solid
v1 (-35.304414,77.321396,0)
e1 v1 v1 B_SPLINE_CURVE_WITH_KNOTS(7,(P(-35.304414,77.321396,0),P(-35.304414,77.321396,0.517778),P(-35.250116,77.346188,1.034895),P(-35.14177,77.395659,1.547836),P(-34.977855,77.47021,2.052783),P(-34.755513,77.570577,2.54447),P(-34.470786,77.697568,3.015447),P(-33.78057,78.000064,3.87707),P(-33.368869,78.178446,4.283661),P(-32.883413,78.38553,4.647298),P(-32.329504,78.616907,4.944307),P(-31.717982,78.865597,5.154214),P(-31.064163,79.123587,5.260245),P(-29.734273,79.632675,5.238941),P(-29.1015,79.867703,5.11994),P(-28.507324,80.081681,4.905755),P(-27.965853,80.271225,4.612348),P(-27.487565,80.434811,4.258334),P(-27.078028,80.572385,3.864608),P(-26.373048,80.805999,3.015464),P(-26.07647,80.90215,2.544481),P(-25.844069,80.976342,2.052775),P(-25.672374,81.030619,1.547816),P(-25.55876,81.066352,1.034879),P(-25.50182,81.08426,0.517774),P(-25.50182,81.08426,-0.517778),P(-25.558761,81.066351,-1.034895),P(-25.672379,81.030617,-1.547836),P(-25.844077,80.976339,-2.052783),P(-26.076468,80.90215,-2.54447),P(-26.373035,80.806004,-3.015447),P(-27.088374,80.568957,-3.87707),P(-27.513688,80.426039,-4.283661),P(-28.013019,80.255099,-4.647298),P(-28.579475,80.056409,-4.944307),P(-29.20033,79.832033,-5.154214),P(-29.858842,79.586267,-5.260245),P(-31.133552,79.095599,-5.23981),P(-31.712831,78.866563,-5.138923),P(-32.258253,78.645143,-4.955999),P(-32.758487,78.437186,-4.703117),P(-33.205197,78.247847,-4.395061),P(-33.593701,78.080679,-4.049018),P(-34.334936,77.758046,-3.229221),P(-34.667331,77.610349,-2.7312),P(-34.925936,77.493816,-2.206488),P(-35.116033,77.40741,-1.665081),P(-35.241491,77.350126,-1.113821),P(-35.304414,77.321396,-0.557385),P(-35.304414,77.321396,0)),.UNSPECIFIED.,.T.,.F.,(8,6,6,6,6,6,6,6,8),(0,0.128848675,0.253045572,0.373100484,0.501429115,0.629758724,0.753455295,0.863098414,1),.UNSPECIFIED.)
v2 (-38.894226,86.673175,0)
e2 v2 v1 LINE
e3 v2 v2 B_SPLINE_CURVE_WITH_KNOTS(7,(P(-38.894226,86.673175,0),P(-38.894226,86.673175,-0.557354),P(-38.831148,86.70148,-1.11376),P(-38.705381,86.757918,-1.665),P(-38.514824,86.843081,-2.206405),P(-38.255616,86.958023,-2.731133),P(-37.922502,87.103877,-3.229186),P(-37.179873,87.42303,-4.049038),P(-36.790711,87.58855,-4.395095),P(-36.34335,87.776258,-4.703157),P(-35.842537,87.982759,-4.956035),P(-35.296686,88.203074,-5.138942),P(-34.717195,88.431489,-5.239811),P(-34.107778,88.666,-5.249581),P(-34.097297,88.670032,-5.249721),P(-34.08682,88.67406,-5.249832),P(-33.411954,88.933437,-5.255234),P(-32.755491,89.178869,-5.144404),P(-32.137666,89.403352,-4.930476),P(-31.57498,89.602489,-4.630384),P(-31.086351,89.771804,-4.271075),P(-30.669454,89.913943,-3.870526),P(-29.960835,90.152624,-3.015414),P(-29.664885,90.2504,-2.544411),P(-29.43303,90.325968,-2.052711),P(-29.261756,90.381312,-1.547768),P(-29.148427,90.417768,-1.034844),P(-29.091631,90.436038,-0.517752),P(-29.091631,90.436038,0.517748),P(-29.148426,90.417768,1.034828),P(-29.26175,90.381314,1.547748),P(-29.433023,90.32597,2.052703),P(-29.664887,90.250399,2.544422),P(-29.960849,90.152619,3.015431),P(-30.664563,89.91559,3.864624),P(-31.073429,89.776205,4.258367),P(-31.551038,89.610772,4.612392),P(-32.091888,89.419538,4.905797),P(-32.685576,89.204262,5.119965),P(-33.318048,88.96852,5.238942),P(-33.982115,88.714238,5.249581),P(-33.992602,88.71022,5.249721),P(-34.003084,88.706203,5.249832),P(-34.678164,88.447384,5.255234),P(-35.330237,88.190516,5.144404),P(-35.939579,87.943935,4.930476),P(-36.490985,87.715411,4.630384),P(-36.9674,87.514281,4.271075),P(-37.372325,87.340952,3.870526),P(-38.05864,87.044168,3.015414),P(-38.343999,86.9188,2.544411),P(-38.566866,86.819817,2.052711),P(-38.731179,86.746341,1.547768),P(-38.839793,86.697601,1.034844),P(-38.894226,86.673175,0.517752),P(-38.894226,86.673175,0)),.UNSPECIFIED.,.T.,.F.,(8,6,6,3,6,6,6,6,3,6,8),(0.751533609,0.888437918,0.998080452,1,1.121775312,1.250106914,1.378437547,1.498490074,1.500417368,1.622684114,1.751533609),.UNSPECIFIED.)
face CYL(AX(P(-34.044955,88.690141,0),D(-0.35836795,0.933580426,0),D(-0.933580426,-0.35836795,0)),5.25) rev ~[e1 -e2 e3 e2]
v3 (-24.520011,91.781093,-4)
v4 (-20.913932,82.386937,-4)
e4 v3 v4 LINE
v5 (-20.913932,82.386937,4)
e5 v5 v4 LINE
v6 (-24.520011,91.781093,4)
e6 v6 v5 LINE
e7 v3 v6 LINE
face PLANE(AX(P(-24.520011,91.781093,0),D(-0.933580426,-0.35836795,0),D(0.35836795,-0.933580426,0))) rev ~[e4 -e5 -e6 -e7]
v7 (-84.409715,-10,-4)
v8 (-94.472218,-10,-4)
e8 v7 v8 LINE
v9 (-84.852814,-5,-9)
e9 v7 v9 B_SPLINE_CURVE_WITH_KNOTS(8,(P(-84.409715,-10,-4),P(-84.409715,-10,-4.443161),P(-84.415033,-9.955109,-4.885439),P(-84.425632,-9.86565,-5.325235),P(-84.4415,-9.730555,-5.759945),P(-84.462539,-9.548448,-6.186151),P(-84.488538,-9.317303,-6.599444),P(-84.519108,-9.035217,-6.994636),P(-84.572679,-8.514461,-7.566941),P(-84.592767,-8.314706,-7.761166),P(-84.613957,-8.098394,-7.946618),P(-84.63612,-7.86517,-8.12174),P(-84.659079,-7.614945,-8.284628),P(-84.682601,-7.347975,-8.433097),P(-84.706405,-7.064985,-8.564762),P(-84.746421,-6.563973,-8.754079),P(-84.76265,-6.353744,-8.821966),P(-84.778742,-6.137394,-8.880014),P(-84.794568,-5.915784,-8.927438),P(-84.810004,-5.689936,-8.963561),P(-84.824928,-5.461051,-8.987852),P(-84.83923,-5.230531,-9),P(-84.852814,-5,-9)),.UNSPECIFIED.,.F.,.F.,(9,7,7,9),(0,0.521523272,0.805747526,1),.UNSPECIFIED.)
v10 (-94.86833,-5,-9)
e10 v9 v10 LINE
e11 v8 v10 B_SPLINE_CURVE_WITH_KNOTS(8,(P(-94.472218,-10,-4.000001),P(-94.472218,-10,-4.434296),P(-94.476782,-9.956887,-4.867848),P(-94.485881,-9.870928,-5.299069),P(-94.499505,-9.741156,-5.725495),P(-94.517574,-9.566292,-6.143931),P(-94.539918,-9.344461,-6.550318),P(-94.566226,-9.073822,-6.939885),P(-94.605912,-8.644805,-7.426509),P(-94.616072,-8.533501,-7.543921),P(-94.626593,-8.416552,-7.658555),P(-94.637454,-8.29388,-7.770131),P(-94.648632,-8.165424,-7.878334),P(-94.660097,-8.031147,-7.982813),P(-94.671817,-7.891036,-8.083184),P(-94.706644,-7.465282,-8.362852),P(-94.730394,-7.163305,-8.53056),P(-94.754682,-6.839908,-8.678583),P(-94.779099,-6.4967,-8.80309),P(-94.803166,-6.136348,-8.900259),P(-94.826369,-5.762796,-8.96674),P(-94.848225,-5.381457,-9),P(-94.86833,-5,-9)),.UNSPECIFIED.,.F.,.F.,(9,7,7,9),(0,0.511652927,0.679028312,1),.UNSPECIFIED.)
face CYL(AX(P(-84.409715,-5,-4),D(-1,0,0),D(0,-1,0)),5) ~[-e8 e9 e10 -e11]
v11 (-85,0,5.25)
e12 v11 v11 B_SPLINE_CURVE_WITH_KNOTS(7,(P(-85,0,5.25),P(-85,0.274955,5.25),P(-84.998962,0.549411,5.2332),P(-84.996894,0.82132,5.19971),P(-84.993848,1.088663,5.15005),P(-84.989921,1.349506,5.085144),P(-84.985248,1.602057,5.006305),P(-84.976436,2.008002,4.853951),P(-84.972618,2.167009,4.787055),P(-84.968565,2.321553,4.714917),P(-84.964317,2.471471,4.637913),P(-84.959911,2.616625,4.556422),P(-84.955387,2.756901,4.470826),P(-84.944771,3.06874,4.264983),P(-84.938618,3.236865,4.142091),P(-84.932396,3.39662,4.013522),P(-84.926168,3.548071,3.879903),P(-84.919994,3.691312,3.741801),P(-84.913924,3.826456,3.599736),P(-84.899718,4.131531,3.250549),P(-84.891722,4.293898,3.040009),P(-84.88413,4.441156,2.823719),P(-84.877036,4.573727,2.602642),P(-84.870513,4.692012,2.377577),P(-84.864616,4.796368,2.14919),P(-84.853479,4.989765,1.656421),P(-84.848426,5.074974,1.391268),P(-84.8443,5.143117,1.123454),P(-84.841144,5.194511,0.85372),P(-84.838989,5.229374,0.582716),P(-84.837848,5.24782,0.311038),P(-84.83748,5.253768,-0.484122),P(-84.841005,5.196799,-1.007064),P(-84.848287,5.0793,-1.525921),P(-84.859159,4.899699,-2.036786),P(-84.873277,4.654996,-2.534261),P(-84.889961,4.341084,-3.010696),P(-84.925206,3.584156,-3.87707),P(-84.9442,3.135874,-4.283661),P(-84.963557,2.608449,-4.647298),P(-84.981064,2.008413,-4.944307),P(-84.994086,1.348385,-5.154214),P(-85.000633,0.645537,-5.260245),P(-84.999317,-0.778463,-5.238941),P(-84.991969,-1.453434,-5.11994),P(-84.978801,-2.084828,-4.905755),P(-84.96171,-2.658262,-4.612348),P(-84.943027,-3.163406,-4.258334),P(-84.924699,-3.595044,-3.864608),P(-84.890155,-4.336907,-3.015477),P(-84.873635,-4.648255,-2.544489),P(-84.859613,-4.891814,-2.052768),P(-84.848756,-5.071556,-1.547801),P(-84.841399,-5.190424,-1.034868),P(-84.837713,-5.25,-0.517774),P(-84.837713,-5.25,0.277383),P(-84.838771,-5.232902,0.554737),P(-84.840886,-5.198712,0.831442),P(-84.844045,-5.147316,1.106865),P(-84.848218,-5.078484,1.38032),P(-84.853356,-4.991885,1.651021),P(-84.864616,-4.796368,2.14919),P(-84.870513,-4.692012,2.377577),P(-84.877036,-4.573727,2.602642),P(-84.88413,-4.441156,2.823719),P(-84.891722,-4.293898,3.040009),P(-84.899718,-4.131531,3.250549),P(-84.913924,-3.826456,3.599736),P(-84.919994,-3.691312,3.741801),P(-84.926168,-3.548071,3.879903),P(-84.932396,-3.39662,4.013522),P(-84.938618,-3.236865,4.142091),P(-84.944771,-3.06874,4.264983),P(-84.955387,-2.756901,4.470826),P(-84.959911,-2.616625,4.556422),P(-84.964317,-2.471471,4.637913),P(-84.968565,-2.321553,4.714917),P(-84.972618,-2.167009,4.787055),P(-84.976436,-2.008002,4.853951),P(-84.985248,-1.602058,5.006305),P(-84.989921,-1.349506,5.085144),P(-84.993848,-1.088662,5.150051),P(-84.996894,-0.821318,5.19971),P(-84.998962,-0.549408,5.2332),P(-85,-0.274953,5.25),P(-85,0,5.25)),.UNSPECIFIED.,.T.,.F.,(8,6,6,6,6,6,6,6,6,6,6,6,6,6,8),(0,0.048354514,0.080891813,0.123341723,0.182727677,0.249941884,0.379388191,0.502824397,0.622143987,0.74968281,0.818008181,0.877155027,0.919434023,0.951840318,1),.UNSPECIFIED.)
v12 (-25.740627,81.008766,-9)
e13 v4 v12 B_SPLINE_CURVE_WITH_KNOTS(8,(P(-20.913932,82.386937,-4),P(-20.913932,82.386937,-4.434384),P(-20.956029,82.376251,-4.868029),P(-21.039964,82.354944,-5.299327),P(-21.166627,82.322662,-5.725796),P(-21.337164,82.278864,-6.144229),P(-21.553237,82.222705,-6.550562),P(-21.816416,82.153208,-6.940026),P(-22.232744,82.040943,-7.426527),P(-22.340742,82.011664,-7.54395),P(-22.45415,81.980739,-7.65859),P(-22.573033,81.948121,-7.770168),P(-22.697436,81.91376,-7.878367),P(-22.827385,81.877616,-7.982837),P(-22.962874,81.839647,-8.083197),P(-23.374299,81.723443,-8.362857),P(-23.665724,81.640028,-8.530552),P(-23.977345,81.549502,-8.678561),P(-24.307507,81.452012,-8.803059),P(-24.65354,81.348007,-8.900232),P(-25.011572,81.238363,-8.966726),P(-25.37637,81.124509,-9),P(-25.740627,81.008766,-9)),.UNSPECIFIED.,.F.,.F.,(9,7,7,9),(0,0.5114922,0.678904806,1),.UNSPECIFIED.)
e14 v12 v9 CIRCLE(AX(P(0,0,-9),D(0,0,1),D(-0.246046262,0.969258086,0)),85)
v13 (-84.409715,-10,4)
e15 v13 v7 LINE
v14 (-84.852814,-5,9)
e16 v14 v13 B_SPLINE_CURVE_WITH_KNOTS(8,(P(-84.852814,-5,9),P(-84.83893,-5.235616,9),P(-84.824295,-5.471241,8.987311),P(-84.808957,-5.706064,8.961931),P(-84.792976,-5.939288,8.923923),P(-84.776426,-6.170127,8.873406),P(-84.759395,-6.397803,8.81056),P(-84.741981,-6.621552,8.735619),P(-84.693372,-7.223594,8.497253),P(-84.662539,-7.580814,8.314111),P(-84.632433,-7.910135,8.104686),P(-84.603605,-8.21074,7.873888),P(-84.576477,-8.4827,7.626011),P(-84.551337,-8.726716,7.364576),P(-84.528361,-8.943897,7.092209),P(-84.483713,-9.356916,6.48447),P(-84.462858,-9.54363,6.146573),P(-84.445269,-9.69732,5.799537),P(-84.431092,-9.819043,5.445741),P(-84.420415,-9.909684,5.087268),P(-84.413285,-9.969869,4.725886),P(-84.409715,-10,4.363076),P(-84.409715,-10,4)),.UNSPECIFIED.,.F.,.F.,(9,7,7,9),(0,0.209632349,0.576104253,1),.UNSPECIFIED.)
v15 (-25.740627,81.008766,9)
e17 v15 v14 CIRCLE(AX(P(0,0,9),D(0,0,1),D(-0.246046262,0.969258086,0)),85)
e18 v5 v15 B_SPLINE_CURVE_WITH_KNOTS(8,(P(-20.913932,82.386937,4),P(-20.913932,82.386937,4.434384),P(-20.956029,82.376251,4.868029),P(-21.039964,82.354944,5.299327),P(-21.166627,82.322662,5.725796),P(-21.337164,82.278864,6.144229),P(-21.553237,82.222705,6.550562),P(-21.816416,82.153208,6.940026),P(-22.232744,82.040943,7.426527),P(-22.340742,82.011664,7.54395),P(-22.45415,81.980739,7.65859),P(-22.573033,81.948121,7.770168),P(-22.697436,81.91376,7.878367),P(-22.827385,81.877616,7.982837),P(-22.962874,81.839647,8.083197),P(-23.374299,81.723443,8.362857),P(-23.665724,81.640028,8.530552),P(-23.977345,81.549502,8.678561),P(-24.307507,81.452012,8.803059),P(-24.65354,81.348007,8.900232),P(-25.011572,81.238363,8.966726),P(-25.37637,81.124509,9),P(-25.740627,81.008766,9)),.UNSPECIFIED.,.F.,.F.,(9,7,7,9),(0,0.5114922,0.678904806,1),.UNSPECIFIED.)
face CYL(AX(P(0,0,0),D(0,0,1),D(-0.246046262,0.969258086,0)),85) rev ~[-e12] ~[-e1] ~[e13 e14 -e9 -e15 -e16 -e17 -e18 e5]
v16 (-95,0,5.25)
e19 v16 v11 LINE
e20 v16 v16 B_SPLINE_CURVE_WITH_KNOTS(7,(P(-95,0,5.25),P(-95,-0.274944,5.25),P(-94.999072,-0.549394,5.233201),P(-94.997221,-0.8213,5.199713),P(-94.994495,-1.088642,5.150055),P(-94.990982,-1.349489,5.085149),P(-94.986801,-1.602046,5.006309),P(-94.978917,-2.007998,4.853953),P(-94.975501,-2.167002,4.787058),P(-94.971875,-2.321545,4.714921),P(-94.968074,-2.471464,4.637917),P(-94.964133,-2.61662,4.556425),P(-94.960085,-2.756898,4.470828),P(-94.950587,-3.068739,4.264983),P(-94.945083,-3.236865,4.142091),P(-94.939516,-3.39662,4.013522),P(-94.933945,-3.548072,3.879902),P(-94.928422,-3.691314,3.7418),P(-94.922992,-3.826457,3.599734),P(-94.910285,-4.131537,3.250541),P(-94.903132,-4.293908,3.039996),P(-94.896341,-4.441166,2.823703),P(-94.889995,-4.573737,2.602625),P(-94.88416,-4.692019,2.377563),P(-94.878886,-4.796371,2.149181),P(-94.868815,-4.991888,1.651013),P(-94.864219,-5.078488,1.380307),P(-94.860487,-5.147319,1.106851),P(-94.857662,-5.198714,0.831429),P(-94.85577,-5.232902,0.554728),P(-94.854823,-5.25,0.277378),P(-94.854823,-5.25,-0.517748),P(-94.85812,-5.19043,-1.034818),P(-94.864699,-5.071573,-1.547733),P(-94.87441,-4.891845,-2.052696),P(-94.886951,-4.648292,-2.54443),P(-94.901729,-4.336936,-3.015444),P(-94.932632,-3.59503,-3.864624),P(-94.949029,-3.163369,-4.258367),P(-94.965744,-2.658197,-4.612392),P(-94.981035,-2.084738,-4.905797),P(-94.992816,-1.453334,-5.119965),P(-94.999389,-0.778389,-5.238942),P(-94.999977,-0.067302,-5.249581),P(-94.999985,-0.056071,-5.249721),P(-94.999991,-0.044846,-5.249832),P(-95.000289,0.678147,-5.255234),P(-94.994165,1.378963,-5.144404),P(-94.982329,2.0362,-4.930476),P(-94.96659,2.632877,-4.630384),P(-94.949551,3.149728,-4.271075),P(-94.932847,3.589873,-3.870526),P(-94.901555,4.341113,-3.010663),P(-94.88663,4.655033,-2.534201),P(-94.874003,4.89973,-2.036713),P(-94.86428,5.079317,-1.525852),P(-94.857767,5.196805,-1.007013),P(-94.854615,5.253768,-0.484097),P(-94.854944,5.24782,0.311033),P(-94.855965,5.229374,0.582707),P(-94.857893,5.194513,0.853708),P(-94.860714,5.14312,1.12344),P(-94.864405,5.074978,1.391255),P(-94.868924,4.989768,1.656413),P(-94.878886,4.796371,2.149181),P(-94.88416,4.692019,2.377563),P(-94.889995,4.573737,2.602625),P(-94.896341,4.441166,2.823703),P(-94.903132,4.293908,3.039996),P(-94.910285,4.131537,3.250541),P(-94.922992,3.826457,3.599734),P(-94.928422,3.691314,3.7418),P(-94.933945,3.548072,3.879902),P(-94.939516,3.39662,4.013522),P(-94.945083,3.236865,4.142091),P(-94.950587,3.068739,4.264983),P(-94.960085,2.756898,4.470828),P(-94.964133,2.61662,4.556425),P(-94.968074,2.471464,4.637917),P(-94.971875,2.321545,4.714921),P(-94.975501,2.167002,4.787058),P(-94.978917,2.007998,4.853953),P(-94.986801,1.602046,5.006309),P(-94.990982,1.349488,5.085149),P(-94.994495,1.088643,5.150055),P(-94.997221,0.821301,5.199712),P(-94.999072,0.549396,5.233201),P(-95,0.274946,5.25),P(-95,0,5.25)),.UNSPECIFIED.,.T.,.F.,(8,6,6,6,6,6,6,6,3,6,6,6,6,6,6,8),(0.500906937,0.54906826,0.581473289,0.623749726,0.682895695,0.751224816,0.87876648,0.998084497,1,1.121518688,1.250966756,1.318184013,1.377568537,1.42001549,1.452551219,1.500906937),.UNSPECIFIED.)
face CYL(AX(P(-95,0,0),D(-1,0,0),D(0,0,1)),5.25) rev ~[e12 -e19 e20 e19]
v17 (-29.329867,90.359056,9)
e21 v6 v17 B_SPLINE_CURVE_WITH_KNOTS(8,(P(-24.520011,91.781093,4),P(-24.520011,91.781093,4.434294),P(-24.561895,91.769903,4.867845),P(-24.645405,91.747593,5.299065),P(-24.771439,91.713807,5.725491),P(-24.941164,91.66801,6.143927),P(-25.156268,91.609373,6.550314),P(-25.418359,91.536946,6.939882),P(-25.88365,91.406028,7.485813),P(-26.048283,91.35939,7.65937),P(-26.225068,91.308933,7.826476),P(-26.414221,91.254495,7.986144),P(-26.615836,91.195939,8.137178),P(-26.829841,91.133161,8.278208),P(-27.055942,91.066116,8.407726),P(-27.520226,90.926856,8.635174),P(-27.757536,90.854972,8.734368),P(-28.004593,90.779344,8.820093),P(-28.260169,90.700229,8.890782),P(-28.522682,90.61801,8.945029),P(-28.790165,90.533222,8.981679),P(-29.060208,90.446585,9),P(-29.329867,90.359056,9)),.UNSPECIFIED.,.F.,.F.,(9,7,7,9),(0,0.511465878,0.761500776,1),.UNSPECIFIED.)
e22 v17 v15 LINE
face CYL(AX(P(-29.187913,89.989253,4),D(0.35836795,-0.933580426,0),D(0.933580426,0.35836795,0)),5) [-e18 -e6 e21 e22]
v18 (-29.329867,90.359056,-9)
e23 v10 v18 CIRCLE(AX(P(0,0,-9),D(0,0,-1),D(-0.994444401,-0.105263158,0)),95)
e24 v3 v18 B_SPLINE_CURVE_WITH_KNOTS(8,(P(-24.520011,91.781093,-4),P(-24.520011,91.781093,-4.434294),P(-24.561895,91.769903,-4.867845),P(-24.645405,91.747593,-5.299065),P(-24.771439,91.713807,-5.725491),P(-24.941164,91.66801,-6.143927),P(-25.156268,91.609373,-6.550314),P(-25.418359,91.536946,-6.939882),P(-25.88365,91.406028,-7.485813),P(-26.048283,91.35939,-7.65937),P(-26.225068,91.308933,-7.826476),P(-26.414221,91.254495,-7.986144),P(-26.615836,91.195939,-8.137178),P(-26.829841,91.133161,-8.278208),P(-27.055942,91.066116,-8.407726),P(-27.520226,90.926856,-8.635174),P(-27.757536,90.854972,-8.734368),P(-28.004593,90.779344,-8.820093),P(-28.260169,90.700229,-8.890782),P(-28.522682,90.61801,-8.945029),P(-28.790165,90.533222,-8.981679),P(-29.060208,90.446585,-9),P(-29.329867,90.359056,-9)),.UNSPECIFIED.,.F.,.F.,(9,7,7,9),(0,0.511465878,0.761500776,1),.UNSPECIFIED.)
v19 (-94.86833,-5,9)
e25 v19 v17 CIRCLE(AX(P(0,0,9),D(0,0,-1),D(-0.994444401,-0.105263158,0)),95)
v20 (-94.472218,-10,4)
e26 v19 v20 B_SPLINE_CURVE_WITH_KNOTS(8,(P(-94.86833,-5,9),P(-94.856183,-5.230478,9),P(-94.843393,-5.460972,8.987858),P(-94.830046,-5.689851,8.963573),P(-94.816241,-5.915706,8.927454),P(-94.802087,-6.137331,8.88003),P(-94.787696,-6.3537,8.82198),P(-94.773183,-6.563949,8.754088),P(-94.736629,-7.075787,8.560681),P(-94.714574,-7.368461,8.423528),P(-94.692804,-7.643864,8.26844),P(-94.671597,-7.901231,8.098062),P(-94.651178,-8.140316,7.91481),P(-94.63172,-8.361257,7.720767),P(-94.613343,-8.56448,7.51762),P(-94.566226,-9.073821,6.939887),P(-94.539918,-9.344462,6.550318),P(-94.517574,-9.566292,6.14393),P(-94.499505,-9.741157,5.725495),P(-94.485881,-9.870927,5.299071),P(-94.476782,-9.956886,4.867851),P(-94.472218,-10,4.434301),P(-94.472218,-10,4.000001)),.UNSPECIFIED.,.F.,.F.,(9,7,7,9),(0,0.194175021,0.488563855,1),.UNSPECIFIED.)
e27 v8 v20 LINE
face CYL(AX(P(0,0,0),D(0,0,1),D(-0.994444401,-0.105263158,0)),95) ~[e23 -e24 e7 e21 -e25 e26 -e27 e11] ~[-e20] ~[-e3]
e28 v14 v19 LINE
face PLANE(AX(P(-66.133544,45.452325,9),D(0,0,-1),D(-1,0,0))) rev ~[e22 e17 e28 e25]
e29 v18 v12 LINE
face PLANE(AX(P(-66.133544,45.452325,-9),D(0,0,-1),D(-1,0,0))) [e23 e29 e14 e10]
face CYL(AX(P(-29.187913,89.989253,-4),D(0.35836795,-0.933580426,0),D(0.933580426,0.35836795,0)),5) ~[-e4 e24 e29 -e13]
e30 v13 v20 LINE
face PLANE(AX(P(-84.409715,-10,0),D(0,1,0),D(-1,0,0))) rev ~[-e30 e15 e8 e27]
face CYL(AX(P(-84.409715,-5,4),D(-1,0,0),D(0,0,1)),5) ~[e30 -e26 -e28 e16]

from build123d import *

# Parameters (mm, degrees)
BOSS_EXTRUDE3_DEPTH = 9
SKETCH5_R           = 5.25
CUT_EXTRUDE4_DEPTH  = 18
SKETCH6_R           = 5.25
CUT_EXTRUDE5_DEPTH  = 18
FILLET1_R           = 5


with BuildPart() as part:
    # Sketch1 → Boss-Extrude3 (new, symmetric)
    with BuildSketch(Plane.XY):
        with BuildLine():
            Line((-24.520010838, 91.781093197), (-20.91393225, 82.386937301))
            ThreePointArc((-20.91393225, 82.386937301), (-70.050726033, 48.144530139), (-84.409715081, -10))
            Line((-84.409715081, -10), (-94.472218138, -10))
            ThreePointArc((-94.472218138, -10), (-78.291987919, 53.808592508), (-24.520010838, 91.781093197))
        make_face()
    extrude(amount=BOSS_EXTRUDE3_DEPTH, both=True)

    # Sketch5 → Cut-Extrude4 (cut)
    with BuildSketch(Plane(origin=(-34.044955207, 88.690140517, 0), x_dir=(0.9335804264972001, 0.35836794954530493, 0), z_dir=(-0.35836794954530493, 0.9335804264972001, 0))):
        with Locations(Location((0, 0, 0), (0, 0, 180))):
            Circle(SKETCH5_R)
    extrude(amount=-CUT_EXTRUDE4_DEPTH, mode=Mode.SUBTRACT)

    # Sketch6 → Cut-Extrude5 (cut)
    with BuildSketch(Plane.ZY.offset(95)):
        Circle(SKETCH6_R)
    extrude(amount=-CUT_EXTRUDE5_DEPTH, mode=Mode.SUBTRACT)

    # Fillet1
    fillet1_edges = [part.edges().sort_by_distance(p)[0] for p in [
        (-89.44096661, -10, 9),
        (-89.44096661, -10, -9),
        (-22.716971544, 87.084015249, -9),
        (-22.716971544, 87.084015249, 9),
    ]]
    fillet(fillet1_edges, radius=FILLET1_R)


solid = part.part
